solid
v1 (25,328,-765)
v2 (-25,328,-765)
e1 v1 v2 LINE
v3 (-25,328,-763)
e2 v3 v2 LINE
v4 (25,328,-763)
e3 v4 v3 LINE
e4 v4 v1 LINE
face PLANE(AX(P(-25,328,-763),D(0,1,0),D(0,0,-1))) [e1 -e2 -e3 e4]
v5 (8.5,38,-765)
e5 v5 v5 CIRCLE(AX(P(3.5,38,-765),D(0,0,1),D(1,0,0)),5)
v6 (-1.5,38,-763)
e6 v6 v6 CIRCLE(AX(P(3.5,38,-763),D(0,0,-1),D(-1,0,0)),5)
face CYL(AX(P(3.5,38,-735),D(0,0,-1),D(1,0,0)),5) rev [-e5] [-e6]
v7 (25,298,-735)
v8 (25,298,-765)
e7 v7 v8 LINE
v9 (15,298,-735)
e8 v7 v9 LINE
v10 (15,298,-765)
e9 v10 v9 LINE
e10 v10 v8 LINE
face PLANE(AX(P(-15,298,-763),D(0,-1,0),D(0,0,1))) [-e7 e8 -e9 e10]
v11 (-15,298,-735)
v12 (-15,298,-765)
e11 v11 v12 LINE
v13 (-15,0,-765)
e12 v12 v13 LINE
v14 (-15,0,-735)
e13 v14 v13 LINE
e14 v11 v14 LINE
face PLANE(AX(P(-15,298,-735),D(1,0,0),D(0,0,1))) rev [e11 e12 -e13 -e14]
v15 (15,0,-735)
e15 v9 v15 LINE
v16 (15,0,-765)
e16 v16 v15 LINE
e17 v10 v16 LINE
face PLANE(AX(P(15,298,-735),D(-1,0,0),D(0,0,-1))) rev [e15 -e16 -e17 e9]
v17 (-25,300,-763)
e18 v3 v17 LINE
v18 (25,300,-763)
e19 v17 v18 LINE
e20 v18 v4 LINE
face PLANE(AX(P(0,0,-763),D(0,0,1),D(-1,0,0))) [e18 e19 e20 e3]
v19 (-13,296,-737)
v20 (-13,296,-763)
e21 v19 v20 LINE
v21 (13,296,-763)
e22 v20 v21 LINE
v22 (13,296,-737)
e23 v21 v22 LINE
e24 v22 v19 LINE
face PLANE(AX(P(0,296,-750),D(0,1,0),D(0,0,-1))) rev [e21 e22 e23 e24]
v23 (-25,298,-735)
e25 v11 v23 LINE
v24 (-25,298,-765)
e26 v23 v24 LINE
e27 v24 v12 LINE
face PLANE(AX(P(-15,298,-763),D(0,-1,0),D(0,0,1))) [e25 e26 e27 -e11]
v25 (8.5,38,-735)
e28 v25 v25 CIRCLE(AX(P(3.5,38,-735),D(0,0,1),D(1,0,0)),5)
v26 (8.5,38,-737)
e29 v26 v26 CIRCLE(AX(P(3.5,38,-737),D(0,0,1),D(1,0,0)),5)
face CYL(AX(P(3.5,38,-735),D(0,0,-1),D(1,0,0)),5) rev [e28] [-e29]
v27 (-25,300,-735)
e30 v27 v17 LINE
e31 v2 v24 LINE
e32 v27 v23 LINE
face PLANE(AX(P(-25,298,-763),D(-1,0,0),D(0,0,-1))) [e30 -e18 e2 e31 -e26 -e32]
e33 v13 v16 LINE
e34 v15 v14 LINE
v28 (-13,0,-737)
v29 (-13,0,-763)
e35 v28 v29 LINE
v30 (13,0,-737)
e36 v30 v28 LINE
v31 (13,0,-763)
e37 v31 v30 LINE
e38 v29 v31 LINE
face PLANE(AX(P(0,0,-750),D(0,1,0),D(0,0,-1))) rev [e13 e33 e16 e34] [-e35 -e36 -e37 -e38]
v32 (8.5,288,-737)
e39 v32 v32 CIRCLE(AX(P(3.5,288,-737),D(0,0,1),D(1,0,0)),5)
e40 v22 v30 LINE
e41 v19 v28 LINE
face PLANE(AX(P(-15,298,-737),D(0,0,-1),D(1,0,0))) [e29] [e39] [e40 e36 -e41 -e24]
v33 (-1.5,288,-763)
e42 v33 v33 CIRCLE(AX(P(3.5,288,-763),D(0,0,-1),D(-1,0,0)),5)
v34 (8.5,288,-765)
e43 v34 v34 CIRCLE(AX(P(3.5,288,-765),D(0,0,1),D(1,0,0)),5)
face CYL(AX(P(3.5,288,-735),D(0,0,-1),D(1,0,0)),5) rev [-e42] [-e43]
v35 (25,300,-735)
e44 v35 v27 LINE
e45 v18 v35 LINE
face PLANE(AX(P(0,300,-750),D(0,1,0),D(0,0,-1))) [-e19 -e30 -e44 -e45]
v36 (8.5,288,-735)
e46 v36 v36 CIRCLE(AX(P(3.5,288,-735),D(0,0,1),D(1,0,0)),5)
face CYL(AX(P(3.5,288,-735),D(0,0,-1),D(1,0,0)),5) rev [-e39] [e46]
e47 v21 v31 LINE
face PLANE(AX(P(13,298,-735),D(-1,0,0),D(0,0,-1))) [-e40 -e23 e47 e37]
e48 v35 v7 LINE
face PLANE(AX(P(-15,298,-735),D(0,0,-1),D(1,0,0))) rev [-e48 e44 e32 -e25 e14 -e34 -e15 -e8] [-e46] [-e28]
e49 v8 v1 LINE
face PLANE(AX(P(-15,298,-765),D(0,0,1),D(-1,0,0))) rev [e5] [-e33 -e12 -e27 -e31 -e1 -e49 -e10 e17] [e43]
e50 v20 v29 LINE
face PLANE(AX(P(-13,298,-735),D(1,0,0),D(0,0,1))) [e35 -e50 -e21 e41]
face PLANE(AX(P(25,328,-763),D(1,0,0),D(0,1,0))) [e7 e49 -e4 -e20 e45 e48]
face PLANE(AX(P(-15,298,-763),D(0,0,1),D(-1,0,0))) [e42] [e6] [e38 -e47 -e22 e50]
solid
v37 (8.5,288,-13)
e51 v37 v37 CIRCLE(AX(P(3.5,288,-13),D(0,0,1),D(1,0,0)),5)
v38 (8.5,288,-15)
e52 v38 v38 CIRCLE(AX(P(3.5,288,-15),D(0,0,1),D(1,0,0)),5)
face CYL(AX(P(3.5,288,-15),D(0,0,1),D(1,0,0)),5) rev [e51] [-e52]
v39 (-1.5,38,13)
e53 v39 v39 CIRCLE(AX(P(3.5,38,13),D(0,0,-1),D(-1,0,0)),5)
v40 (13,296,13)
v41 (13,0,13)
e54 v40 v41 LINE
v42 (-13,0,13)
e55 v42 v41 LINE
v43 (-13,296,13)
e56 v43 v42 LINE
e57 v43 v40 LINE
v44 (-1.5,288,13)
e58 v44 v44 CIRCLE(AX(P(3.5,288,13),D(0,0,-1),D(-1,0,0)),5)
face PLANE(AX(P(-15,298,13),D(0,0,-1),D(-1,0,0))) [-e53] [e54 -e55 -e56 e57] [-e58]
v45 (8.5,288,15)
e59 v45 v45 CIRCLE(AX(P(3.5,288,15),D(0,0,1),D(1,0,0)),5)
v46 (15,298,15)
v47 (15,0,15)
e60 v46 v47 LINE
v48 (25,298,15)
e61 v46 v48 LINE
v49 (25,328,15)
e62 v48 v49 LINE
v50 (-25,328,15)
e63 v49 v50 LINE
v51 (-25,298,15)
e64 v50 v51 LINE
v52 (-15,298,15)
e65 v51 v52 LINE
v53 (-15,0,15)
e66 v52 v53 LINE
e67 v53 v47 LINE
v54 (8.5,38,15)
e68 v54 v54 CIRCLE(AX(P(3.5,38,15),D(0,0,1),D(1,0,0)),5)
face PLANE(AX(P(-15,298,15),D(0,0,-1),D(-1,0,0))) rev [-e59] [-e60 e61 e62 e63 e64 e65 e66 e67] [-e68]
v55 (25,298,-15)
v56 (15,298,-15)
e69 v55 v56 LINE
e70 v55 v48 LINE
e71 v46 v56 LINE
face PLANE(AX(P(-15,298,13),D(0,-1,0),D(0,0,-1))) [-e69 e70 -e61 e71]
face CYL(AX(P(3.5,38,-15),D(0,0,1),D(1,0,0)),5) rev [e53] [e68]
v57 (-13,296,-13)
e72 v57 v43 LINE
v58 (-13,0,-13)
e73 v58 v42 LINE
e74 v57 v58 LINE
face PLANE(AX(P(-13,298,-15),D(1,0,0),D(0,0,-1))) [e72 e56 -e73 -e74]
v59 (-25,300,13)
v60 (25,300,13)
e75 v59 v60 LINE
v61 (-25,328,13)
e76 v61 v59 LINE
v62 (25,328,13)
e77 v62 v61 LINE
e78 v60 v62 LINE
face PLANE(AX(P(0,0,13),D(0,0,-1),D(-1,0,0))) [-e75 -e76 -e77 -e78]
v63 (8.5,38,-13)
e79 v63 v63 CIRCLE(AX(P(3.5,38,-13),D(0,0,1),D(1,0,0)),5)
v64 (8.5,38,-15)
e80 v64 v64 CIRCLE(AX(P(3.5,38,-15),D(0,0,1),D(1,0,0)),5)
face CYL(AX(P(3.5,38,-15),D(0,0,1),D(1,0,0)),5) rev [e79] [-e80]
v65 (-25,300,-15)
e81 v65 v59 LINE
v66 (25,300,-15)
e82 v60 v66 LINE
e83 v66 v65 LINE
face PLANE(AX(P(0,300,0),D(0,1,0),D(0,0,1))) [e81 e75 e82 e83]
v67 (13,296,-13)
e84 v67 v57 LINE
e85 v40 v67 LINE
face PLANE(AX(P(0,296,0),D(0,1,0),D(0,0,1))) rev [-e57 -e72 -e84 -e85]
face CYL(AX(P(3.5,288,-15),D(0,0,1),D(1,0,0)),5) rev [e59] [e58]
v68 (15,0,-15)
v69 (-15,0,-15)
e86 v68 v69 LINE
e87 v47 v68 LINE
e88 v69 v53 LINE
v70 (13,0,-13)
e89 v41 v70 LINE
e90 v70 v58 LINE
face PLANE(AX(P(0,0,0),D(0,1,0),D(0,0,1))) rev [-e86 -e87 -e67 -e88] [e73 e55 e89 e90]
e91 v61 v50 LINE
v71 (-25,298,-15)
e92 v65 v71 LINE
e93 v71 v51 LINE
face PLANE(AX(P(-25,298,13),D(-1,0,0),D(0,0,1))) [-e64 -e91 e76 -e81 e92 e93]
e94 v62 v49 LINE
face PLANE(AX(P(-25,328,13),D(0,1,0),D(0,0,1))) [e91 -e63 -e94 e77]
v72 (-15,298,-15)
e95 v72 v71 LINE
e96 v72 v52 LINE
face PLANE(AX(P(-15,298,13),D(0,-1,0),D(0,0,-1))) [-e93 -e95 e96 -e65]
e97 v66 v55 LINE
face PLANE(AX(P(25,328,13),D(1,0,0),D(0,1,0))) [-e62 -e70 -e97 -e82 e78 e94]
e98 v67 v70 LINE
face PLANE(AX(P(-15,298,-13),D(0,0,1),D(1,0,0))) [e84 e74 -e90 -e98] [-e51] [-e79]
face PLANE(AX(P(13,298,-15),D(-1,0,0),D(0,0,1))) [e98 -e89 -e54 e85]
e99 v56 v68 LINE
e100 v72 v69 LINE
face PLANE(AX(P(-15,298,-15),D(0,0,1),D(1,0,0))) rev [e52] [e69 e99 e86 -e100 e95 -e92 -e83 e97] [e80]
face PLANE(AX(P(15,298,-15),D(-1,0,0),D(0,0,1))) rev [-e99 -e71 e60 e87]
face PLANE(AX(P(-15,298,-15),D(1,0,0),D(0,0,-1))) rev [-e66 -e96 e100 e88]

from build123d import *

# Parameters (mm, degrees)
SKETCH1_W           = 30
SKETCH1_H           = 30
BOSS_EXTRUDE1_DEPTH = 298
SHELL1_T            = -2
BOSS_EXTRUDE2_DEPTH = 2
BOSS_EXTRUDE4_DEPTH = 2
SKETCH5_R           = 5
CUT_EXTRUDE1_DEPTH  = 331.316514876


with BuildPart() as part:
    # Sketch1 → Boss-Extrude1 (new body)
    with BuildSketch(Plane(origin=(0, 0, 0), x_dir=(1, 0, 0), z_dir=(0, 1, 0))):
        Rectangle(SKETCH1_W, SKETCH1_H)
    extrude(amount=BOSS_EXTRUDE1_DEPTH)

    # Shell1
    shell1_openings = [part.faces().sort_by_distance(p)[0] for p in [
        (0, 0, 0),
    ]]
    offset(amount=SHELL1_T, openings=shell1_openings, kind=Kind.INTERSECTION)

    # Sketch2 → Boss-Extrude2 (add)
    with BuildSketch(Plane.XY.offset(15)):
        Polygon((-15, 298), (-25, 298), (-25, 328), (25, 328), (25, 298), (15, 298), align=None)
    extrude(amount=-BOSS_EXTRUDE2_DEPTH)

    # Sketch3 → Boss-Extrude4 (add)
    with BuildSketch(Plane(origin=(0, 298, 0), x_dir=(1, 0, 0), z_dir=(0, 1, 0))):
        Polygon((-15, -13), (-25, -13), (-25, 15), (25, 15), (25, -13), align=None)
    extrude(amount=BOSS_EXTRUDE4_DEPTH)

    # Sketch5 → Cut-Extrude1 (cut, through all)
    with BuildSketch(Plane.XY.offset(15)):
        with Locations((3.5, 288)):
            Circle(SKETCH5_R)
        with Locations((3.5, 38)):
            Circle(SKETCH5_R)
    extrude(amount=-CUT_EXTRUDE1_DEPTH, mode=Mode.SUBTRACT)


with BuildPart() as body_2:
    # Mirror2: mirrored copy
    add(part.part.mirror(Plane.XY.offset(-375)))


solid = Compound([part.part, body_2.part])
